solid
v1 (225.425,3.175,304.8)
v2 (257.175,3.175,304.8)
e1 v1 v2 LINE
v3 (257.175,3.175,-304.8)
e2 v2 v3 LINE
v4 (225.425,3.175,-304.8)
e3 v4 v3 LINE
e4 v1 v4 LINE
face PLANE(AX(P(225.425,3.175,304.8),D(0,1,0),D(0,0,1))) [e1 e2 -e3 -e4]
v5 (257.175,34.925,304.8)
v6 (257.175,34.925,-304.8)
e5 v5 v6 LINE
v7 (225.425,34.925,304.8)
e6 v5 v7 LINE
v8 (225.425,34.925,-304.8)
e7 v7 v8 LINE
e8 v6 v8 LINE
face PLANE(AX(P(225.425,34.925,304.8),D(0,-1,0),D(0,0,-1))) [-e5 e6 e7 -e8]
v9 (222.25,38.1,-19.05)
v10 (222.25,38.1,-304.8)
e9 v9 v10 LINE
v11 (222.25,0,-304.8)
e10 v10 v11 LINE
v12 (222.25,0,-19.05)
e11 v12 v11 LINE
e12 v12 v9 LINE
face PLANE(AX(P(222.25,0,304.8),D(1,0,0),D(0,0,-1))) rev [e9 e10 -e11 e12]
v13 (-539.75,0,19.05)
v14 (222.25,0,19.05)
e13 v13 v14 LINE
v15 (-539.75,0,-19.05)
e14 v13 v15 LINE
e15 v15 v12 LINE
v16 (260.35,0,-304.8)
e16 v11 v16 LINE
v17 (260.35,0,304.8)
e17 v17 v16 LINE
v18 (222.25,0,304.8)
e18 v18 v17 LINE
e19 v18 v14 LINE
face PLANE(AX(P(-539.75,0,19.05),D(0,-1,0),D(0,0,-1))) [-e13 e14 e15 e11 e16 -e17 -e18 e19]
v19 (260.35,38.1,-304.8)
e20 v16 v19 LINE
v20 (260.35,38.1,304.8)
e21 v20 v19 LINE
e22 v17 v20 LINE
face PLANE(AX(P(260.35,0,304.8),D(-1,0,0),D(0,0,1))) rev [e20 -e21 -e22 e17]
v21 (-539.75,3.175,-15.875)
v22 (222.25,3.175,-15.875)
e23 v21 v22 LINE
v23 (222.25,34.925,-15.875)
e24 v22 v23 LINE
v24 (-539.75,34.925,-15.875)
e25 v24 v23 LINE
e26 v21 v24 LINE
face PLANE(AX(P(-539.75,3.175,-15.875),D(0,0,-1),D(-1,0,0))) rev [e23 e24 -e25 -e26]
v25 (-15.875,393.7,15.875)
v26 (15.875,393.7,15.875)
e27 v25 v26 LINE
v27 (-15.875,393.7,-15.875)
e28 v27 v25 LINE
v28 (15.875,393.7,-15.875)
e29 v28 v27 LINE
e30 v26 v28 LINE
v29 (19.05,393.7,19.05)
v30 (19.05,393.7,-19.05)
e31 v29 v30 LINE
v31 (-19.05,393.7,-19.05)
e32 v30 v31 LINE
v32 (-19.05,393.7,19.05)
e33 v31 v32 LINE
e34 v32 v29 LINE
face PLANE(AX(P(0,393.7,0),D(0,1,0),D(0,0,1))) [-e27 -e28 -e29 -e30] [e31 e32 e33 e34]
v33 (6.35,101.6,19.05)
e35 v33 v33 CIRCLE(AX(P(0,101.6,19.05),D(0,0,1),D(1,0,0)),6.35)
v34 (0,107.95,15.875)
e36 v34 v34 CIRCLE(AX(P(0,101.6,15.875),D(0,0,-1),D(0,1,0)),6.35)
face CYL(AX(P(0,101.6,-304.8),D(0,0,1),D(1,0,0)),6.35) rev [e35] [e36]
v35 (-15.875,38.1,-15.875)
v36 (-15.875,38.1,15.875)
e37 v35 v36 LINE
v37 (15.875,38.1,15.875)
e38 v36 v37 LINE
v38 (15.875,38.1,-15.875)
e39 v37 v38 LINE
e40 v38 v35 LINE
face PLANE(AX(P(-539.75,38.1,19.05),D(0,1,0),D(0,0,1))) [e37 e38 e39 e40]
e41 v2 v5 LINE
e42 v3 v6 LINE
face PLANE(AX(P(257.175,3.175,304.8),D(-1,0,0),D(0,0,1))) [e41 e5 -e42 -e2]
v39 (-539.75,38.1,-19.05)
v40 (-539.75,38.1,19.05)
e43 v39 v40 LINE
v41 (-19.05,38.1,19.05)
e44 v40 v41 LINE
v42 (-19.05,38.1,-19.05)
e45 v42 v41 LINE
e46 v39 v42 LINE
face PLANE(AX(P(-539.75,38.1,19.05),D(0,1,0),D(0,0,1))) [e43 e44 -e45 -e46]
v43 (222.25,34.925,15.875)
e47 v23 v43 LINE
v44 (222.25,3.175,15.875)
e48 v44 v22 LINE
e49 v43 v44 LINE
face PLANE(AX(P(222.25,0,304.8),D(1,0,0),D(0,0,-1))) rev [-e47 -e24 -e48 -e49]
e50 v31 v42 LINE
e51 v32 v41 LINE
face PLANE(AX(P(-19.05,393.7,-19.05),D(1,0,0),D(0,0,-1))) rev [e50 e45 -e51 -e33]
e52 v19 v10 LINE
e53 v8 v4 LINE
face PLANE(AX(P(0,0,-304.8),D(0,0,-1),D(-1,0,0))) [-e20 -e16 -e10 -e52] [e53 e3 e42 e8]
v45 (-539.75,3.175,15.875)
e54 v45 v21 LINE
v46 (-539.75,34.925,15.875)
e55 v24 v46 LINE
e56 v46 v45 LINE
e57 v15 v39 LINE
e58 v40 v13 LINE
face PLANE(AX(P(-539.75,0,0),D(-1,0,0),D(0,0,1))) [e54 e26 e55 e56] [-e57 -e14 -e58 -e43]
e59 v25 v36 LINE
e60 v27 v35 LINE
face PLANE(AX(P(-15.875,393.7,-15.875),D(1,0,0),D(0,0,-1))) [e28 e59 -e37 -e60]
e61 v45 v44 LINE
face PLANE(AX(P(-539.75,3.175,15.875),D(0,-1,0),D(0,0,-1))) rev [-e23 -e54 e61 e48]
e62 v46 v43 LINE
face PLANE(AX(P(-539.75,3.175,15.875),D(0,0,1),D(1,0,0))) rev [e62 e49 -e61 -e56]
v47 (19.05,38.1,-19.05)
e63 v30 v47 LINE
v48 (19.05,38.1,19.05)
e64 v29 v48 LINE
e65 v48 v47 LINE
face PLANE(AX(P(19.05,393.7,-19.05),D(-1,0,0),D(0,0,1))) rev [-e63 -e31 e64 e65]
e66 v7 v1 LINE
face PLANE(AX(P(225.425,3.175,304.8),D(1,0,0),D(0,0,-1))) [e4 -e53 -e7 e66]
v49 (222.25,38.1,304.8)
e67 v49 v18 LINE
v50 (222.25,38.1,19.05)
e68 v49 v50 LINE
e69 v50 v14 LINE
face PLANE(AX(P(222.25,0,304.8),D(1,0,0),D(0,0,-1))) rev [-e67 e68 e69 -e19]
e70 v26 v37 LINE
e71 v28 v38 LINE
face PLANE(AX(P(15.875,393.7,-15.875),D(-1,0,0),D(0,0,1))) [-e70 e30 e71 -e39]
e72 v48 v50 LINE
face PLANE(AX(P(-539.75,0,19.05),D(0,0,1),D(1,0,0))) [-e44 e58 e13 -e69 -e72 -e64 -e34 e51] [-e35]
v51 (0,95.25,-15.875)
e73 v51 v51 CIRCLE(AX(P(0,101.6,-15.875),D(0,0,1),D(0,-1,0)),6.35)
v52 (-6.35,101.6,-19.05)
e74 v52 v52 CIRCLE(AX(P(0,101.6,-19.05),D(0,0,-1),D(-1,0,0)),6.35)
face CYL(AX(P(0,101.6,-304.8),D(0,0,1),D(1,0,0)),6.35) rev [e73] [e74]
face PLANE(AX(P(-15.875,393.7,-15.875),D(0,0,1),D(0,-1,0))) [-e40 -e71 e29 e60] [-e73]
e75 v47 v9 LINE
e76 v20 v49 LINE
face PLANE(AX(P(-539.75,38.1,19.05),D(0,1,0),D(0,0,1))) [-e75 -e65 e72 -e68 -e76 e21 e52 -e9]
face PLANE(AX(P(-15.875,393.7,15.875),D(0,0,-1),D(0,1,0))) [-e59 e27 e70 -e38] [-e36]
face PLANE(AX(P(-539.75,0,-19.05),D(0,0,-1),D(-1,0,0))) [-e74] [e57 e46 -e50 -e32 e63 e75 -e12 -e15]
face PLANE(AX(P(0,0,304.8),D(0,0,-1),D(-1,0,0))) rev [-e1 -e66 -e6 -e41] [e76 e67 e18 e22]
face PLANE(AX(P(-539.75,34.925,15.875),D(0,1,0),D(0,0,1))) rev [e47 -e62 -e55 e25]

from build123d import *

# Parameters (mm, degrees)
BOSS_EXTRUDE2_DEPTH      = 222.25
BOSS_EXTRUDE2_DEPTH_BACK = 539.75
SKETCH1_W                = 38.1
SKETCH1_H                = 38.1
SKETCH1_W_2              = 31.75
SKETCH1_H_2              = 31.75
SKETCH2_W                = 38.1
SKETCH2_H                = 38.1
SKETCH2_W_2              = 31.75
SKETCH2_H_2              = 31.75
BOSS_EXTRUDE3_DEPTH      = 355.6
SKETCH3_W                = 38.1
SKETCH3_H                = 38.1
SKETCH3_W_2              = 31.75
SKETCH3_H_2              = 31.75
BOSS_EXTRUDE4_DEPTH      = 304.8
SKETCH4_R                = 6.35
CUT_EXTRUDE1_DEPTH       = 743.434222676


with BuildPart() as part:
    # Sketch1 → Boss-Extrude2 (new, two sides: drawn at the far end of the back side and taken through both)
    with BuildSketch(Plane(origin=(0, 0, 0), x_dir=(0, 0, -1), z_dir=(1, 0, 0)).offset(-BOSS_EXTRUDE2_DEPTH_BACK)):
        with Locations((0, 19.05)):
            Rectangle(SKETCH1_W, SKETCH1_H)
        with Locations((0, 19.05)):
            Rectangle(SKETCH1_W_2, SKETCH1_H_2, mode=Mode.SUBTRACT)
    extrude(amount=BOSS_EXTRUDE2_DEPTH + BOSS_EXTRUDE2_DEPTH_BACK)

    # Sketch2 → Boss-Extrude3 (add)
    with BuildSketch(Plane(origin=(0, 38.1, 0), x_dir=(1, 0, 0), z_dir=(0, 1, 0))):
        Rectangle(SKETCH2_W, SKETCH2_H)
        Rectangle(SKETCH2_W_2, SKETCH2_H_2, mode=Mode.SUBTRACT)
    extrude(amount=BOSS_EXTRUDE3_DEPTH)

    # Sketch3 → Boss-Extrude4 (add, symmetric)
    with BuildSketch(Plane.XY):
        with Locations((241.3, 19.05)):
            Rectangle(SKETCH3_W, SKETCH3_H)
        with Locations((241.3, 19.05)):
            Rectangle(SKETCH3_W_2, SKETCH3_H_2, mode=Mode.SUBTRACT)
    extrude(amount=BOSS_EXTRUDE4_DEPTH, both=True)

    # Sketch4 → Cut-Extrude1 (cut, through all)
    with BuildSketch(Plane.XY.offset(19.05)):
        with Locations((0, 101.6)):
            Circle(SKETCH4_R)
    extrude(amount=-CUT_EXTRUDE1_DEPTH, mode=Mode.SUBTRACT)


solid = part.part
